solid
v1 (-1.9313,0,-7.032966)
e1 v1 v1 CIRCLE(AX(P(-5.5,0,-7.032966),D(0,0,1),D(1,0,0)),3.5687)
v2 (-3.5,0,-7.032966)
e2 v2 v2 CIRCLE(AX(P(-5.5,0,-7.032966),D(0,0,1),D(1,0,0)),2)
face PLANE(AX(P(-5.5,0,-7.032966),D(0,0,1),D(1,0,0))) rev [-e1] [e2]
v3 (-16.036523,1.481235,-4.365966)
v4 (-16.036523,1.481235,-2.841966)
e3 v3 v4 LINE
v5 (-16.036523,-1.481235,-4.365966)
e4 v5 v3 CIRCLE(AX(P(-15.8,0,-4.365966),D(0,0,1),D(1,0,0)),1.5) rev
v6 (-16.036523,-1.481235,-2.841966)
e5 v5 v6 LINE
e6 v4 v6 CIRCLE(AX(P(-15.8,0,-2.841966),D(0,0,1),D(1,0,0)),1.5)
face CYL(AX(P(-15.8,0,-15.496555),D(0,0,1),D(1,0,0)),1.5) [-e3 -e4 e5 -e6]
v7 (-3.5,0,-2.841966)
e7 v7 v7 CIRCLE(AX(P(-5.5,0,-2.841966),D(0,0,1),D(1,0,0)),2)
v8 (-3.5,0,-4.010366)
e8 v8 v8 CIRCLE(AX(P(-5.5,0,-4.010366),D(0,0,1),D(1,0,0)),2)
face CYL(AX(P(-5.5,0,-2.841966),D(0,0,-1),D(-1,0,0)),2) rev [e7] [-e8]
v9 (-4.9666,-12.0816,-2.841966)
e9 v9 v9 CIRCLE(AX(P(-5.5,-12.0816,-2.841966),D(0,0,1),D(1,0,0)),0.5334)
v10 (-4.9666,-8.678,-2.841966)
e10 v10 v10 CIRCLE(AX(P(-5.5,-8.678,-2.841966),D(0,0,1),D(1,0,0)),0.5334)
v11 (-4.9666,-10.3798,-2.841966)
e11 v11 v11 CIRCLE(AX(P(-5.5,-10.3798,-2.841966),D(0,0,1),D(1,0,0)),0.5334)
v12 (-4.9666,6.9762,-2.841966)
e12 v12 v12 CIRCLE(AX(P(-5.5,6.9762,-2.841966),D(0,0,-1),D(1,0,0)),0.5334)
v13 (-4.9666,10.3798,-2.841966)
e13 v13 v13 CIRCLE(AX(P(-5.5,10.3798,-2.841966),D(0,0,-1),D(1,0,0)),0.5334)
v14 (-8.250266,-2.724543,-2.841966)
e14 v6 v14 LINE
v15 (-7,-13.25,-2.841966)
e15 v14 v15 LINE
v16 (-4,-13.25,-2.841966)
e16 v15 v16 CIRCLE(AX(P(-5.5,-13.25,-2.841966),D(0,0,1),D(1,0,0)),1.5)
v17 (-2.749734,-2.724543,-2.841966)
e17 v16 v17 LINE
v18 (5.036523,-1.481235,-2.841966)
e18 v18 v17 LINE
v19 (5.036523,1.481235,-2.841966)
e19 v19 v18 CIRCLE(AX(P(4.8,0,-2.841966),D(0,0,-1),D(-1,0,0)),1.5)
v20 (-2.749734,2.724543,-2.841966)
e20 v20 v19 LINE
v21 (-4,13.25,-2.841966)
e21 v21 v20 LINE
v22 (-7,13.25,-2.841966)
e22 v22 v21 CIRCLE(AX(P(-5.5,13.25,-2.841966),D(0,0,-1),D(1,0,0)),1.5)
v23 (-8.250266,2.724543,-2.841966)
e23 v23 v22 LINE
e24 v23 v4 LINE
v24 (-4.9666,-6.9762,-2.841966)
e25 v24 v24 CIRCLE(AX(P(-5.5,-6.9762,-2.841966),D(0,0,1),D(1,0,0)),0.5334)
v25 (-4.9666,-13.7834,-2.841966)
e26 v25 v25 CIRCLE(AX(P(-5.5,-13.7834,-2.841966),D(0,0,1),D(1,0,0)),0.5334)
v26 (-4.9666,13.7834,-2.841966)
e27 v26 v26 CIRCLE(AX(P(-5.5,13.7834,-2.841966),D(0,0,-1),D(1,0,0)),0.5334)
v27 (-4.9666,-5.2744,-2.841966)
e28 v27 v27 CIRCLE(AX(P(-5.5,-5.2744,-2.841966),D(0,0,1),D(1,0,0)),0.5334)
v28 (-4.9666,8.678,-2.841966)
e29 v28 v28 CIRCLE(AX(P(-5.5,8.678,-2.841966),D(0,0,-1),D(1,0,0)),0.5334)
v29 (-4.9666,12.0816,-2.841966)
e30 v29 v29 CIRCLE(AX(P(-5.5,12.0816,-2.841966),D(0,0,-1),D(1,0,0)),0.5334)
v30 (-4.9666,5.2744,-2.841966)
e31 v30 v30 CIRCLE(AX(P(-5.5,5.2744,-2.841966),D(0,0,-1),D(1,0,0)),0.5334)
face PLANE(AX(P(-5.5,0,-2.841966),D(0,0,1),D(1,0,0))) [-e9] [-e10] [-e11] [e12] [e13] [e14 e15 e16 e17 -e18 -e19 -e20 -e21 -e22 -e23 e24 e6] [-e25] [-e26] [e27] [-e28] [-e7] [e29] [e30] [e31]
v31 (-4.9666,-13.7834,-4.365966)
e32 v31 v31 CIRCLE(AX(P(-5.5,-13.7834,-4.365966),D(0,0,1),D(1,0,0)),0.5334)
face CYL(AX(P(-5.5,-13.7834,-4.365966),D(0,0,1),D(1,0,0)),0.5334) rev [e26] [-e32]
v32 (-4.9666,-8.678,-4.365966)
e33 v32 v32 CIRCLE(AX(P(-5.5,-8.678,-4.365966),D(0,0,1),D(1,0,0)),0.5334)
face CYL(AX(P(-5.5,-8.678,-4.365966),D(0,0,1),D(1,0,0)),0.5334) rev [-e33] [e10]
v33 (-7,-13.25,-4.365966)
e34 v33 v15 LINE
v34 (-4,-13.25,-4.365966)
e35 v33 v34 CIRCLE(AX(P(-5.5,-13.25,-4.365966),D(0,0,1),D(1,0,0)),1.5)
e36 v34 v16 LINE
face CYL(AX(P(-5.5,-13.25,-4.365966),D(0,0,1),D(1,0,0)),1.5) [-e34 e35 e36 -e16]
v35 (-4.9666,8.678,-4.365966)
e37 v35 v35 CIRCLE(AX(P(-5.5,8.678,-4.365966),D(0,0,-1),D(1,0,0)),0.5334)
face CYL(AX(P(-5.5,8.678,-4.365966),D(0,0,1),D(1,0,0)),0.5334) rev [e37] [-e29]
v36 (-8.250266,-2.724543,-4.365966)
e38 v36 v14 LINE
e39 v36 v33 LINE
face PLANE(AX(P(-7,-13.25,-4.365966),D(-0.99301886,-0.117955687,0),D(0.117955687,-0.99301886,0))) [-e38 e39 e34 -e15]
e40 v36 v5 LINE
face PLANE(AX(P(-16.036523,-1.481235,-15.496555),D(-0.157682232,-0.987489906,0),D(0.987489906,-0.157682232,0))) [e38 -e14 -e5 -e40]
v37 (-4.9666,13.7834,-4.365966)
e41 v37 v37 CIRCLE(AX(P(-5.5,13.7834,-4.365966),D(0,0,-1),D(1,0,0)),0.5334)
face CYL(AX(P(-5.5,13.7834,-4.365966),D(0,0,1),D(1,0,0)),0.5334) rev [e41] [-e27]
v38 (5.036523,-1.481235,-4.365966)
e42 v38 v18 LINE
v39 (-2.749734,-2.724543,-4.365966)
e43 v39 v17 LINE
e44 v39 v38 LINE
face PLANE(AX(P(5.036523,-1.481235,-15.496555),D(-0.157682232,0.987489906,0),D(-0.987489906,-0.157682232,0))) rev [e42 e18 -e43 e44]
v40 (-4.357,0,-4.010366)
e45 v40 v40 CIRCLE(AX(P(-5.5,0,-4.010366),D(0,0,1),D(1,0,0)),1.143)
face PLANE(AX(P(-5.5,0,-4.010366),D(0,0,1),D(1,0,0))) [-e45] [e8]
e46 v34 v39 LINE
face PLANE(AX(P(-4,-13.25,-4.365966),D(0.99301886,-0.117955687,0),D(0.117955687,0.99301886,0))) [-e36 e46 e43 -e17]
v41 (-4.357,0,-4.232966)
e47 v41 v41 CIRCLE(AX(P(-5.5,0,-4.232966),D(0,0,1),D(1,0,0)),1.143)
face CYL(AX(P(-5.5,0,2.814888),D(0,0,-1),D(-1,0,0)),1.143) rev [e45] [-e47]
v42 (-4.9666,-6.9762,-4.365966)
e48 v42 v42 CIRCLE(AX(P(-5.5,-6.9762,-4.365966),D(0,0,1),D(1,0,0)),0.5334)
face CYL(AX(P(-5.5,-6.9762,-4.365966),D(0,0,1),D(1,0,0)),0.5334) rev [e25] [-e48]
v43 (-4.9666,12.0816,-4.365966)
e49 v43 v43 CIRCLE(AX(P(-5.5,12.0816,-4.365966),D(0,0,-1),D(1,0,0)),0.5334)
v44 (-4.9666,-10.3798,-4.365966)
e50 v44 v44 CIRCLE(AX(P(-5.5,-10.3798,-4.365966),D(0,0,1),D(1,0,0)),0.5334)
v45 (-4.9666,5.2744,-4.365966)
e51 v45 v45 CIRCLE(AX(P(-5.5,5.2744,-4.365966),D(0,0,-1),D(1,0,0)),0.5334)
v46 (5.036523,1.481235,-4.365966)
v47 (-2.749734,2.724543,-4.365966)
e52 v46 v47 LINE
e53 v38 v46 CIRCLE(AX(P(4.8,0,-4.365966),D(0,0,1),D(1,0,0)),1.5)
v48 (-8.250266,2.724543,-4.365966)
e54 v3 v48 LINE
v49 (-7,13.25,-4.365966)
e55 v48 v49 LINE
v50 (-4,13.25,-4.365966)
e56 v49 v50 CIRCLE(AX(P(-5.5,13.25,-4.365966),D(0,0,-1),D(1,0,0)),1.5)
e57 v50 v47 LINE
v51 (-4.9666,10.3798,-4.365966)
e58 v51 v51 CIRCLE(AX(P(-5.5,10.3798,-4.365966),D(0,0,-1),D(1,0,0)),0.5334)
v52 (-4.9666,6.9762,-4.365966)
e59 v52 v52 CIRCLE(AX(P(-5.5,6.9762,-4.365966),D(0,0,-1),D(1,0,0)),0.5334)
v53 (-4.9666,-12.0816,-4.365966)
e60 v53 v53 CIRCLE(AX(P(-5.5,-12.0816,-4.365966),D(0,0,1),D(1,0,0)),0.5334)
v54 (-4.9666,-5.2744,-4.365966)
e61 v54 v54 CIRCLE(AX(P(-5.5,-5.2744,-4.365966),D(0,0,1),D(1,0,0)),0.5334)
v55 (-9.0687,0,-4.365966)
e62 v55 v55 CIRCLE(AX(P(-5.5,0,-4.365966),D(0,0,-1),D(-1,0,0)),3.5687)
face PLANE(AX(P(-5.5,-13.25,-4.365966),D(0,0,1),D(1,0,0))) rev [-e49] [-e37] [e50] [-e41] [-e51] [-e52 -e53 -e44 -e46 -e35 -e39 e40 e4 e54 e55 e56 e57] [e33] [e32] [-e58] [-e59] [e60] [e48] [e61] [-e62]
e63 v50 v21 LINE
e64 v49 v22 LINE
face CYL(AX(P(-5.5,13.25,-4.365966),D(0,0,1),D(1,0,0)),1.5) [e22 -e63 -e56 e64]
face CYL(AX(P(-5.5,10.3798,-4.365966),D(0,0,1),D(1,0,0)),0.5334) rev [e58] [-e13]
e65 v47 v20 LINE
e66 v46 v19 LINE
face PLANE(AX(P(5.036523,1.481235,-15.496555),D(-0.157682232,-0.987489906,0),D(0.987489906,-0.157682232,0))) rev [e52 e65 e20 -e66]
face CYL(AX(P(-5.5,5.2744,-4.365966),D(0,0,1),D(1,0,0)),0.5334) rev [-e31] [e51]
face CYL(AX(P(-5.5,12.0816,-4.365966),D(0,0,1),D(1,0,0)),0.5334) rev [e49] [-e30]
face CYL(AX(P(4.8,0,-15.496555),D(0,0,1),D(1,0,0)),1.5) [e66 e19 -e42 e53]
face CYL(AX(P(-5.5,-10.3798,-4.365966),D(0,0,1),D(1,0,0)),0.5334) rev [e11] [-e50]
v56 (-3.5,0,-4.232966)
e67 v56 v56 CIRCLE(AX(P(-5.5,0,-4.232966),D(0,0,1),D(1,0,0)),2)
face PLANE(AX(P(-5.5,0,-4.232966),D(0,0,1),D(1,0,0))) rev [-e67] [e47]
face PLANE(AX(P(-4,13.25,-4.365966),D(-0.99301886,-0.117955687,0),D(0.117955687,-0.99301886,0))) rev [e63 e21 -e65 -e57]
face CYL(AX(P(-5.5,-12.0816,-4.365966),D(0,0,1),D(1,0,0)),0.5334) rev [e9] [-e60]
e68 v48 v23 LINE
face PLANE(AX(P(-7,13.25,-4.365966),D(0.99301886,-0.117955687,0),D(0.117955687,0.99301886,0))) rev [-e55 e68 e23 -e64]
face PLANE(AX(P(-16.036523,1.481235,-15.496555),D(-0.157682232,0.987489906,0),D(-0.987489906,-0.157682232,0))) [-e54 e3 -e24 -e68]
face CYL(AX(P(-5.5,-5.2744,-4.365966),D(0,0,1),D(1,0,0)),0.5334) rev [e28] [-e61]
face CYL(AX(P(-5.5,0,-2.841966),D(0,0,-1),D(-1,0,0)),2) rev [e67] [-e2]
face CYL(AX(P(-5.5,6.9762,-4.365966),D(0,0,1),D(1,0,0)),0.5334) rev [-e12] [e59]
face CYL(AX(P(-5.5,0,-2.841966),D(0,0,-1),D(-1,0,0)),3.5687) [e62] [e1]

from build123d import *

# Parameters (mm, degrees)
SKETCH1_R           = 3.5687
SKETCH1_R_2         = 2
BOSS_EXTRUDE1_DEPTH = 4.191
SKETCH5_R           = 2
SKETCH5_R_2         = 1.143
BOSS_EXTRUDE2_DEPTH = 0.2226
BOSS_EXTRUDE3_START = -1.524
SKETCH6_R           = 0.5334
BOSS_EXTRUDE3_DEPTH = 1.524
BOSS_EXTRUDE4_START = -1.524
BOSS_EXTRUDE4_DEPTH = 1.524


with BuildPart() as part:
    # Sketch1 → Boss-Extrude1 (new body)
    with BuildSketch(Plane.XY.offset(-7.032965862)):
        with Locations((-5.5, 0)):
            Circle(SKETCH1_R)
        with Locations((-5.5, 0)):
            Circle(SKETCH1_R_2, mode=Mode.SUBTRACT)
    extrude(amount=BOSS_EXTRUDE1_DEPTH)

    # Sketch5 → Boss-Extrude2 (add)
    with BuildSketch(Plane.XY.offset(-4.232965862)):
        with Locations((-5.5, 0)):
            Circle(SKETCH5_R)
        with Locations((-5.5, 0)):
            Circle(SKETCH5_R_2, mode=Mode.SUBTRACT)
    extrude(amount=BOSS_EXTRUDE2_DEPTH)

    # Sketch6 → Boss-Extrude3 (add)
    with BuildSketch(Plane.XY.offset(-2.841965862).offset(BOSS_EXTRUDE3_START)):
        with BuildLine():
            Line((-4, -13.25), (-2.68695, -2.195989387))
            ThreePointArc((-2.68695, -2.195989387), (-5.5, -3.5687), (-8.31305, -2.195989387))
            Line((-8.31305, -2.195989387), (-7, -13.25))
            ThreePointArc((-7, -13.25), (-5.5, -14.75), (-4, -13.25))
        make_face()
        with Locations((-5.5, -12.0816)):
            Circle(SKETCH6_R, mode=Mode.SUBTRACT)
        with Locations((-5.5, -13.7834)):
            Circle(SKETCH6_R, mode=Mode.SUBTRACT)
        with Locations((-5.5, -10.3798)):
            Circle(SKETCH6_R, mode=Mode.SUBTRACT)
        with Locations((-5.5, -8.678)):
            Circle(SKETCH6_R, mode=Mode.SUBTRACT)
        with Locations((-5.5, -6.9762)):
            Circle(SKETCH6_R, mode=Mode.SUBTRACT)
        with Locations((-5.5, -5.2744)):
            Circle(SKETCH6_R, mode=Mode.SUBTRACT)
    boss_extrude3 = extrude(amount=BOSS_EXTRUDE3_DEPTH)

    # Mirror1: Boss-Extrude3 across plane
    add(boss_extrude3.mirror(Plane.ZX))

    # Sketch7 → Boss-Extrude4 (add)
    with BuildSketch(Plane.XY.offset(-2.841965862).offset(BOSS_EXTRUDE4_START)):
        with BuildLine():
            Line((-16.036523348, -1.481234859), (-7.695989387, -2.81305))
            ThreePointArc((-7.695989387, -2.81305), (-9.0687, 0), (-7.695989387, 2.81305))
            Line((-7.695989387, 2.81305), (-16.036523348, 1.481234859))
            ThreePointArc((-16.036523348, 1.481234859), (-17.3, 0), (-16.036523348, -1.481234859))
        make_face()
    boss_extrude4 = extrude(amount=BOSS_EXTRUDE4_DEPTH)

    # Mirror2: Boss-Extrude4 across plane
    add(boss_extrude4.mirror(Plane.ZY.offset(5.5)))


solid = part.part
